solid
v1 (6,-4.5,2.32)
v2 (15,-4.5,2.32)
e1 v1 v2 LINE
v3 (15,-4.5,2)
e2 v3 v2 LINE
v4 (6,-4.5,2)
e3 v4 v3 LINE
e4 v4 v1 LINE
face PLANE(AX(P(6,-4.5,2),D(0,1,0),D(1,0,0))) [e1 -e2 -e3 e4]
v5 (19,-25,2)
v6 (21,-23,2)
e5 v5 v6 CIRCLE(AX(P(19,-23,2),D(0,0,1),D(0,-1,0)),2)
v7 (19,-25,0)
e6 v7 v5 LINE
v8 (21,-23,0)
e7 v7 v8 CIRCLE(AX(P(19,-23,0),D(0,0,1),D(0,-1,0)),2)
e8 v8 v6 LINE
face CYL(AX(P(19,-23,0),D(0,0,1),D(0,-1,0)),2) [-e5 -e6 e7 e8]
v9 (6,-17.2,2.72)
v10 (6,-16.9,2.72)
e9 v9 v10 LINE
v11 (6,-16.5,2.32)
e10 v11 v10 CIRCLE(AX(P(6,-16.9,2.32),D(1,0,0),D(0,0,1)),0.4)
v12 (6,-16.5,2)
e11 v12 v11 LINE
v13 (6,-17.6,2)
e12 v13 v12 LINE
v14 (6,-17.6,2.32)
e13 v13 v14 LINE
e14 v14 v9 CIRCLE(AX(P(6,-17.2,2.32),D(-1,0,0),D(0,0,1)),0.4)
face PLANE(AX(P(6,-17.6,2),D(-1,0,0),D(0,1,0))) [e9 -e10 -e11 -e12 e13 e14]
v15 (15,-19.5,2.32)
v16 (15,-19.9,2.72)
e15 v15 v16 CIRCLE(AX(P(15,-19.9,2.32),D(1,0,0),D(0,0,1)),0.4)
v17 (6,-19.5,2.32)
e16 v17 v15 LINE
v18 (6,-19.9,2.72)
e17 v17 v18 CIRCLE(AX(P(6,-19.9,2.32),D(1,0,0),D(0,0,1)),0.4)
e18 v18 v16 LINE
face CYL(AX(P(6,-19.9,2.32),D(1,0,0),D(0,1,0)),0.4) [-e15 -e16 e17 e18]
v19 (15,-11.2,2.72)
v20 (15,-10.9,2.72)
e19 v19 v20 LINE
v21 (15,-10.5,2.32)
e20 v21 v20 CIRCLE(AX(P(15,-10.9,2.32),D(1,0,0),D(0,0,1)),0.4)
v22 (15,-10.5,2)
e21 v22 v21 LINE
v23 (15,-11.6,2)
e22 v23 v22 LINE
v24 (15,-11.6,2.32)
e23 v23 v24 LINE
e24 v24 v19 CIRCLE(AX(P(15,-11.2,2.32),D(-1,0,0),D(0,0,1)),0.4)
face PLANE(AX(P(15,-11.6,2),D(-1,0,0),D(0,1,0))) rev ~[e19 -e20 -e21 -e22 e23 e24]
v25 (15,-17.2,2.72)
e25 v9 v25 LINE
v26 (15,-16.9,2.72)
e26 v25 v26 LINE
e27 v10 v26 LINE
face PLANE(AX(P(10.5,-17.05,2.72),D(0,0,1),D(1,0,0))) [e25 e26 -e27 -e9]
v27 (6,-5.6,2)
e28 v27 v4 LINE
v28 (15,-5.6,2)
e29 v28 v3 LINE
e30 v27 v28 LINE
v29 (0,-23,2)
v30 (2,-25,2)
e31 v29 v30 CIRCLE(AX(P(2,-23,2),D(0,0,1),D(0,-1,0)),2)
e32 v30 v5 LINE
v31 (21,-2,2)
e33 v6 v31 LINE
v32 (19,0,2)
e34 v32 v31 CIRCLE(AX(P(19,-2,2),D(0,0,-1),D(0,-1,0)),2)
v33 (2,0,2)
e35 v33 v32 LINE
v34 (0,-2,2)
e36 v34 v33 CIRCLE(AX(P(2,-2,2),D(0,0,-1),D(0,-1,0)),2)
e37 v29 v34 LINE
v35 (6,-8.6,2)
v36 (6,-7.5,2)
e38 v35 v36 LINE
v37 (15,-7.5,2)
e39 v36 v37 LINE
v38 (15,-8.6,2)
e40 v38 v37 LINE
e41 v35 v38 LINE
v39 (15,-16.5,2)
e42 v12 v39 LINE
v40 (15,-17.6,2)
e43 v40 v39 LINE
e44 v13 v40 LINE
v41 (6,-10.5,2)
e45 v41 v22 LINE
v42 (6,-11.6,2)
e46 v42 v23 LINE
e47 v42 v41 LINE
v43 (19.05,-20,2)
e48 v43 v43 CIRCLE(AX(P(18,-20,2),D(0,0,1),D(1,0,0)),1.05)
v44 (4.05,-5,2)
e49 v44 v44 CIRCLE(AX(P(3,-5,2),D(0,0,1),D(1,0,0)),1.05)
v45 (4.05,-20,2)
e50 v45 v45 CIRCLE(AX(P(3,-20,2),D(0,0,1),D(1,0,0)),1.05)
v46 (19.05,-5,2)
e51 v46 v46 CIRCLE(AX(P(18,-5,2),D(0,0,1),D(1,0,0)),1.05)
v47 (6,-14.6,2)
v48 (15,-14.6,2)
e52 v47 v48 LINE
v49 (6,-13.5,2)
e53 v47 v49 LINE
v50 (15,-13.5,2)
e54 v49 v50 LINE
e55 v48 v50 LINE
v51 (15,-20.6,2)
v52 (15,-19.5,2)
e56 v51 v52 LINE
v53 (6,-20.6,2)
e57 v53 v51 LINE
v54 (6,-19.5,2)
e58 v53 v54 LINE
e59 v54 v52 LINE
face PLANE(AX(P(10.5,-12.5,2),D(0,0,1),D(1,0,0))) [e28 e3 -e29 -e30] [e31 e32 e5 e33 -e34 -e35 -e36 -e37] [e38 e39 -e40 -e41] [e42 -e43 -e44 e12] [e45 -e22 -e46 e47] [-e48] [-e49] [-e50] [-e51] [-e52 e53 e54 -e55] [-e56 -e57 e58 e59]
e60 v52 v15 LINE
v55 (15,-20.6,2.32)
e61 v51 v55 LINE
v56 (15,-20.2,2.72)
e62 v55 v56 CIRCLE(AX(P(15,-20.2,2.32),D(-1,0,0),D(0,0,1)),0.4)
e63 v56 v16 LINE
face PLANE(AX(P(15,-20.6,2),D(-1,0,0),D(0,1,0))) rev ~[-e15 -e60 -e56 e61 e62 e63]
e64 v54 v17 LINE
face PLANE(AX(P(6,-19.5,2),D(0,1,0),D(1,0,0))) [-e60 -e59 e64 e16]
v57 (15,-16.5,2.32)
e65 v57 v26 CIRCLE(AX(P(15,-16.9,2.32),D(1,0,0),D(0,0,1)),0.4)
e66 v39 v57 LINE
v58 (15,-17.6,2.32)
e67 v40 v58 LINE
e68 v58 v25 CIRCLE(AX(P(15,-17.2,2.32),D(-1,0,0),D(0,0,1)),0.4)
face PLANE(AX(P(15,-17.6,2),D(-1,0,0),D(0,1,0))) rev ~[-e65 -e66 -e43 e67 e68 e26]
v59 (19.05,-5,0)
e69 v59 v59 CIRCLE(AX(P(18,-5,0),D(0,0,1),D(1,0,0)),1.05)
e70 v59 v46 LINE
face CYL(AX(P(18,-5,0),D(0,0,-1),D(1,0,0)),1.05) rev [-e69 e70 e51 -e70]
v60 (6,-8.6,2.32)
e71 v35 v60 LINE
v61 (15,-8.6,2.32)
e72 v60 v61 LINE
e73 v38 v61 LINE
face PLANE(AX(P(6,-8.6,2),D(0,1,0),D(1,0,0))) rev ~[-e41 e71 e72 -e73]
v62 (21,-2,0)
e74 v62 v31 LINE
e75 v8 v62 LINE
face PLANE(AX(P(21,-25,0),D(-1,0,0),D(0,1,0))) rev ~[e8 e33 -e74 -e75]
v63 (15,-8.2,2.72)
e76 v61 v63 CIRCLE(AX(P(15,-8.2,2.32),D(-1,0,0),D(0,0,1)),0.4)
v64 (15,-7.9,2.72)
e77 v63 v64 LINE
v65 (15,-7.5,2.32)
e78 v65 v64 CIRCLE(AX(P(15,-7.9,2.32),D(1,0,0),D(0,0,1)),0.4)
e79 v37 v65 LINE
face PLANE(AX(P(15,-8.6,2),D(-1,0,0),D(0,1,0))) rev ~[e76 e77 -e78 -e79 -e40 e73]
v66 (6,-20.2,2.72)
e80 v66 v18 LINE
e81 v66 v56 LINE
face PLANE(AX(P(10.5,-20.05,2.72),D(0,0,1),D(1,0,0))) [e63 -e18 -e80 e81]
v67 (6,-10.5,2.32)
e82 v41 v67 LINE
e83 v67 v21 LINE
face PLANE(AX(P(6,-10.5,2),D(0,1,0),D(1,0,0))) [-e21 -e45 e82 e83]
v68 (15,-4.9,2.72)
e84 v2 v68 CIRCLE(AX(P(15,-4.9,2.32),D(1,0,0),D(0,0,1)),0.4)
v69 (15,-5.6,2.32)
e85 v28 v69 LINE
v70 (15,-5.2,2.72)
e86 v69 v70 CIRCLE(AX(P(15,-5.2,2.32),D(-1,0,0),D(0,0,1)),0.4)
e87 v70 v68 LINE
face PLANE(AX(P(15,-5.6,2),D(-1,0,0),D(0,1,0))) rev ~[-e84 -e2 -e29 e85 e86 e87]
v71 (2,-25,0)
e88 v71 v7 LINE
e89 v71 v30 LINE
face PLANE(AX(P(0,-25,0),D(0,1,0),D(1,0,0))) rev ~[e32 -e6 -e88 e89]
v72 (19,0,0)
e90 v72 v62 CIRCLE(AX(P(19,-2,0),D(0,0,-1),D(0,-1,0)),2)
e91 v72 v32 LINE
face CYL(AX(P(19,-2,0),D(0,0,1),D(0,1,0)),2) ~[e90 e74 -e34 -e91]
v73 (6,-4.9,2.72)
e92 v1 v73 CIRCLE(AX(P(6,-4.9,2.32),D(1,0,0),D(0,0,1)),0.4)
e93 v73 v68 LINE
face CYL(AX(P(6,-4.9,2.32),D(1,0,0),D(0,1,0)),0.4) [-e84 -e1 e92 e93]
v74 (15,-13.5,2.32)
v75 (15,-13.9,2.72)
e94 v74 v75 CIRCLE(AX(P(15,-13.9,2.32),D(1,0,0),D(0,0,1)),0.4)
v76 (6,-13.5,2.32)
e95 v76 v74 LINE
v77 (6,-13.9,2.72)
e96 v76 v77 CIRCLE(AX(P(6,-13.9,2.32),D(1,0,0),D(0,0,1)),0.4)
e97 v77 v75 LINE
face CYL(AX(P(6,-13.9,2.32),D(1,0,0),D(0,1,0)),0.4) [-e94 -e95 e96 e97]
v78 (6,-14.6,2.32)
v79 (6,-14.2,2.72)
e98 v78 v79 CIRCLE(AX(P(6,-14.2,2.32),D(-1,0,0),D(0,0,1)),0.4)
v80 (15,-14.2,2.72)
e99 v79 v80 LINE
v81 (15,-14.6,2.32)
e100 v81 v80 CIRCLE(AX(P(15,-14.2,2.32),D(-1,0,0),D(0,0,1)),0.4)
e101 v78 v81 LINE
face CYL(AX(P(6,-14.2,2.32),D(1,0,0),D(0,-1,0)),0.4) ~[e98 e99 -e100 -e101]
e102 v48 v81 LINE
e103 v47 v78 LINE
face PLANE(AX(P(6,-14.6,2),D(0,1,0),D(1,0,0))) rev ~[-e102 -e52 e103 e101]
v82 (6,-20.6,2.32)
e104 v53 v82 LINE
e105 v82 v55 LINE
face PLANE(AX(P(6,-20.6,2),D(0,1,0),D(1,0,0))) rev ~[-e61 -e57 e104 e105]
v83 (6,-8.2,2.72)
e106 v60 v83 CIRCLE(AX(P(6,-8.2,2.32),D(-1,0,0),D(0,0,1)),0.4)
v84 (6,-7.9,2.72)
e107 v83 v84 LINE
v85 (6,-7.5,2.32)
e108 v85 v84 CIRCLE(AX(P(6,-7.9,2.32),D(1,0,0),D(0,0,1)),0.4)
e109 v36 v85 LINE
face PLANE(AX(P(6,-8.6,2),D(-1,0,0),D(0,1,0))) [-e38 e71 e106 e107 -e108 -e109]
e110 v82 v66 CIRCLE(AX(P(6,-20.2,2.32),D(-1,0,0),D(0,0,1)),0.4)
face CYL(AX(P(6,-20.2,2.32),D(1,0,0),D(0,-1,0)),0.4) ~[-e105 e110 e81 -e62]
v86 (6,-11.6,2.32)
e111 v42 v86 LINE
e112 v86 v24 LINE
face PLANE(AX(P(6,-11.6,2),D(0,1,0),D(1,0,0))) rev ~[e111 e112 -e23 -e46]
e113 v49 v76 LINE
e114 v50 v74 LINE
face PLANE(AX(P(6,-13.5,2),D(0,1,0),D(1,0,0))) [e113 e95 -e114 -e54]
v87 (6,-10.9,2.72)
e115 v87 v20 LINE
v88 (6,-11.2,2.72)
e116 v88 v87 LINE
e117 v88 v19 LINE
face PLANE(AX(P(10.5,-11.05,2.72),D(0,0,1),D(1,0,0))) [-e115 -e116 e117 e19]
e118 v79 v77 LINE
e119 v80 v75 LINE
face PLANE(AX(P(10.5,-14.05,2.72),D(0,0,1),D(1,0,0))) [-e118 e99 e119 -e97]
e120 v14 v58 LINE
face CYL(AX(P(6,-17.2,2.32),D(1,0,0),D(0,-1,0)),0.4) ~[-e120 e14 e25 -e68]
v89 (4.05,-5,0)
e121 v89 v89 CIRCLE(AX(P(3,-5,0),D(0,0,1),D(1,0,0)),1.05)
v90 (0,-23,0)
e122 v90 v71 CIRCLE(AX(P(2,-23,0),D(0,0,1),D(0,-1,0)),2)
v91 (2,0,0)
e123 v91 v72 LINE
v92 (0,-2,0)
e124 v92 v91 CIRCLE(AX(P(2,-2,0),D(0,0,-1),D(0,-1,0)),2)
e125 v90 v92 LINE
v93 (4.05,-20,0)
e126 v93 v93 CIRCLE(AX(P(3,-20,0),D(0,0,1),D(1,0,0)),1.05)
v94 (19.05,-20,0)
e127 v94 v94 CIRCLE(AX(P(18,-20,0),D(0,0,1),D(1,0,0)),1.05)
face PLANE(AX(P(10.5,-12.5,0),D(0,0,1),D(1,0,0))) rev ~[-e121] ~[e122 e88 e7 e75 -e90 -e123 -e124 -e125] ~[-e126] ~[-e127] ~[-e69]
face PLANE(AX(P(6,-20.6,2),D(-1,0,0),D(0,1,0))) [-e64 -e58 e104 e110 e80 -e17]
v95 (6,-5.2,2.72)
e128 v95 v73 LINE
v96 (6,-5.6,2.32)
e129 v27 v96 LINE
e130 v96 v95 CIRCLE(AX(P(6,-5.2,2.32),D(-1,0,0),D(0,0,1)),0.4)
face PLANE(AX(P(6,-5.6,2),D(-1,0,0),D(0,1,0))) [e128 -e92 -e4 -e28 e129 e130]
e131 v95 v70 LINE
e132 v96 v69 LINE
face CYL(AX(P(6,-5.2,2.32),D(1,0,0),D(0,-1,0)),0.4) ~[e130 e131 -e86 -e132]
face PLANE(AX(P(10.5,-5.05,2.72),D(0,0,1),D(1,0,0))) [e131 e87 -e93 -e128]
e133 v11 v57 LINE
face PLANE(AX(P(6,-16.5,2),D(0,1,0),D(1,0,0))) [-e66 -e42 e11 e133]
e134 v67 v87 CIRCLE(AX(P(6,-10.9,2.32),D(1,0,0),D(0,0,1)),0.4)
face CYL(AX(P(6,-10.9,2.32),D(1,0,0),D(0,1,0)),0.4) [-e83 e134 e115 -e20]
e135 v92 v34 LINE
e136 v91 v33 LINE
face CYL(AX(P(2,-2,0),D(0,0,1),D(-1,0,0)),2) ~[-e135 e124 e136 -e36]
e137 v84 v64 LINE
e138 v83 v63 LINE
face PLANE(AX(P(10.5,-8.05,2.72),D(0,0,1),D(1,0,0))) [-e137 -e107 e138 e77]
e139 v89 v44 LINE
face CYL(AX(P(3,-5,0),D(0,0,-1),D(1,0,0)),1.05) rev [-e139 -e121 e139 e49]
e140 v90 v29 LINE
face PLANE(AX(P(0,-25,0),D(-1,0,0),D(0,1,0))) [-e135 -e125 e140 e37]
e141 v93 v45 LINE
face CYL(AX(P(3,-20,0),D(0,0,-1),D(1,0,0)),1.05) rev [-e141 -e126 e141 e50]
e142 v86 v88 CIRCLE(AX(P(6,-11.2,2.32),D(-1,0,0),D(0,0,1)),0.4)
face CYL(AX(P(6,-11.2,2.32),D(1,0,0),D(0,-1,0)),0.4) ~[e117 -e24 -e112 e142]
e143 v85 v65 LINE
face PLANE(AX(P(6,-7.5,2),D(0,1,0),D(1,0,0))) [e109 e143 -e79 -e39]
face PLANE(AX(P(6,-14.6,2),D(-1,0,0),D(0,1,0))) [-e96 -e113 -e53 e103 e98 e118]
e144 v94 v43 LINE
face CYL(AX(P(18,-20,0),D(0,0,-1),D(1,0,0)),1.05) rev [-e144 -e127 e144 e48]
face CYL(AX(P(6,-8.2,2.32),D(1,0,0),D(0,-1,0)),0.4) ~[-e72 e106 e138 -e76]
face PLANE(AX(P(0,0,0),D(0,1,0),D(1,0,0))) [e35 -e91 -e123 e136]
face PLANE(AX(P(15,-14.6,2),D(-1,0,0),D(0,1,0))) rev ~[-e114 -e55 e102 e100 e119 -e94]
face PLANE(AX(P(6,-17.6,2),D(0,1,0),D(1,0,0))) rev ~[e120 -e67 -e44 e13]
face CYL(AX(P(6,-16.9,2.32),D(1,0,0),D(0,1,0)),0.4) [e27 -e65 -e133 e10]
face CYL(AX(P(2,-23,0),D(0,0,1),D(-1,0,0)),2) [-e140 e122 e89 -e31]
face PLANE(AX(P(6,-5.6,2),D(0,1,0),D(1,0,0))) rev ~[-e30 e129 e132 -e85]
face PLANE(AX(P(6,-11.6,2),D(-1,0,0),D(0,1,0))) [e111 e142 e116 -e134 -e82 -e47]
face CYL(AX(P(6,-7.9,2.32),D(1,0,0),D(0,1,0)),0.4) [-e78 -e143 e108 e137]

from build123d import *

# Parameters (mm, degrees)
SKETCH_1_W      = 21
SKETCH_1_H      = 25
SKETCH_1_R      = 1.05
EXTRUDE_1_DEPTH = 2
SKETCH_2_W      = 9
SKETCH_2_H      = 1.1
EXTRUDE_2_DEPTH = 0.72
FILLET_1_R      = 2
FILLET_3_R      = 0.4


with BuildPart() as part:
    # 草图1 → 凸台-拉伸1 (new body)
    with BuildSketch(Plane.XY):
        with Locations((10.5, -12.5)):
            Rectangle(SKETCH_1_W, SKETCH_1_H)
        with Locations((3, -5)):
            Circle(SKETCH_1_R, mode=Mode.SUBTRACT)
        with Locations((18, -5)):
            Circle(SKETCH_1_R, mode=Mode.SUBTRACT)
        with Locations((3, -20)):
            Circle(SKETCH_1_R, mode=Mode.SUBTRACT)
        with Locations((18, -20)):
            Circle(SKETCH_1_R, mode=Mode.SUBTRACT)
    extrude(amount=EXTRUDE_1_DEPTH)

    # 草图2 → 凸台-拉伸2 (add)
    with BuildSketch(Plane.XY.offset(2)):
        with Locations((10.5, -5.05)):
            Rectangle(SKETCH_2_W, SKETCH_2_H)
        with Locations((10.5, -8.05)):
            Rectangle(SKETCH_2_W, SKETCH_2_H)
        with Locations((10.5, -11.05)):
            Rectangle(SKETCH_2_W, SKETCH_2_H)
        with Locations((10.5, -14.05)):
            Rectangle(SKETCH_2_W, SKETCH_2_H)
        with Locations((10.5, -17.05)):
            Rectangle(SKETCH_2_W, SKETCH_2_H)
        with Locations((10.5, -20.05)):
            Rectangle(SKETCH_2_W, SKETCH_2_H)
    extrude(amount=EXTRUDE_2_DEPTH)

    # 圆角1
    fillet_1_edges = [part.edges().sort_by_distance(p)[0] for p in [
        (0, 0, 1),
        (21, 0, 1),
        (21, -25, 1),
        (0, -25, 1),
    ]]
    fillet(fillet_1_edges, radius=FILLET_1_R)

    # 圆角3
    fillet_3_edges = [part.edges().sort_by_distance(p)[0] for p in [
        (10.5, -5.6, 2.72),
        (10.5, -4.5, 2.72),
        (10.5, -7.5, 2.72),
        (10.5, -8.6, 2.72),
        (10.5, -10.5, 2.72),
        (10.5, -11.6, 2.72),
        (10.5, -13.5, 2.72),
        (10.5, -14.6, 2.72),
        (10.5, -16.5, 2.72),
        (10.5, -17.6, 2.72),
        (10.5, -19.5, 2.72),
        (10.5, -20.6, 2.72),
    ]]
    fillet(fillet_3_edges, radius=FILLET_3_R)


solid = part.part
